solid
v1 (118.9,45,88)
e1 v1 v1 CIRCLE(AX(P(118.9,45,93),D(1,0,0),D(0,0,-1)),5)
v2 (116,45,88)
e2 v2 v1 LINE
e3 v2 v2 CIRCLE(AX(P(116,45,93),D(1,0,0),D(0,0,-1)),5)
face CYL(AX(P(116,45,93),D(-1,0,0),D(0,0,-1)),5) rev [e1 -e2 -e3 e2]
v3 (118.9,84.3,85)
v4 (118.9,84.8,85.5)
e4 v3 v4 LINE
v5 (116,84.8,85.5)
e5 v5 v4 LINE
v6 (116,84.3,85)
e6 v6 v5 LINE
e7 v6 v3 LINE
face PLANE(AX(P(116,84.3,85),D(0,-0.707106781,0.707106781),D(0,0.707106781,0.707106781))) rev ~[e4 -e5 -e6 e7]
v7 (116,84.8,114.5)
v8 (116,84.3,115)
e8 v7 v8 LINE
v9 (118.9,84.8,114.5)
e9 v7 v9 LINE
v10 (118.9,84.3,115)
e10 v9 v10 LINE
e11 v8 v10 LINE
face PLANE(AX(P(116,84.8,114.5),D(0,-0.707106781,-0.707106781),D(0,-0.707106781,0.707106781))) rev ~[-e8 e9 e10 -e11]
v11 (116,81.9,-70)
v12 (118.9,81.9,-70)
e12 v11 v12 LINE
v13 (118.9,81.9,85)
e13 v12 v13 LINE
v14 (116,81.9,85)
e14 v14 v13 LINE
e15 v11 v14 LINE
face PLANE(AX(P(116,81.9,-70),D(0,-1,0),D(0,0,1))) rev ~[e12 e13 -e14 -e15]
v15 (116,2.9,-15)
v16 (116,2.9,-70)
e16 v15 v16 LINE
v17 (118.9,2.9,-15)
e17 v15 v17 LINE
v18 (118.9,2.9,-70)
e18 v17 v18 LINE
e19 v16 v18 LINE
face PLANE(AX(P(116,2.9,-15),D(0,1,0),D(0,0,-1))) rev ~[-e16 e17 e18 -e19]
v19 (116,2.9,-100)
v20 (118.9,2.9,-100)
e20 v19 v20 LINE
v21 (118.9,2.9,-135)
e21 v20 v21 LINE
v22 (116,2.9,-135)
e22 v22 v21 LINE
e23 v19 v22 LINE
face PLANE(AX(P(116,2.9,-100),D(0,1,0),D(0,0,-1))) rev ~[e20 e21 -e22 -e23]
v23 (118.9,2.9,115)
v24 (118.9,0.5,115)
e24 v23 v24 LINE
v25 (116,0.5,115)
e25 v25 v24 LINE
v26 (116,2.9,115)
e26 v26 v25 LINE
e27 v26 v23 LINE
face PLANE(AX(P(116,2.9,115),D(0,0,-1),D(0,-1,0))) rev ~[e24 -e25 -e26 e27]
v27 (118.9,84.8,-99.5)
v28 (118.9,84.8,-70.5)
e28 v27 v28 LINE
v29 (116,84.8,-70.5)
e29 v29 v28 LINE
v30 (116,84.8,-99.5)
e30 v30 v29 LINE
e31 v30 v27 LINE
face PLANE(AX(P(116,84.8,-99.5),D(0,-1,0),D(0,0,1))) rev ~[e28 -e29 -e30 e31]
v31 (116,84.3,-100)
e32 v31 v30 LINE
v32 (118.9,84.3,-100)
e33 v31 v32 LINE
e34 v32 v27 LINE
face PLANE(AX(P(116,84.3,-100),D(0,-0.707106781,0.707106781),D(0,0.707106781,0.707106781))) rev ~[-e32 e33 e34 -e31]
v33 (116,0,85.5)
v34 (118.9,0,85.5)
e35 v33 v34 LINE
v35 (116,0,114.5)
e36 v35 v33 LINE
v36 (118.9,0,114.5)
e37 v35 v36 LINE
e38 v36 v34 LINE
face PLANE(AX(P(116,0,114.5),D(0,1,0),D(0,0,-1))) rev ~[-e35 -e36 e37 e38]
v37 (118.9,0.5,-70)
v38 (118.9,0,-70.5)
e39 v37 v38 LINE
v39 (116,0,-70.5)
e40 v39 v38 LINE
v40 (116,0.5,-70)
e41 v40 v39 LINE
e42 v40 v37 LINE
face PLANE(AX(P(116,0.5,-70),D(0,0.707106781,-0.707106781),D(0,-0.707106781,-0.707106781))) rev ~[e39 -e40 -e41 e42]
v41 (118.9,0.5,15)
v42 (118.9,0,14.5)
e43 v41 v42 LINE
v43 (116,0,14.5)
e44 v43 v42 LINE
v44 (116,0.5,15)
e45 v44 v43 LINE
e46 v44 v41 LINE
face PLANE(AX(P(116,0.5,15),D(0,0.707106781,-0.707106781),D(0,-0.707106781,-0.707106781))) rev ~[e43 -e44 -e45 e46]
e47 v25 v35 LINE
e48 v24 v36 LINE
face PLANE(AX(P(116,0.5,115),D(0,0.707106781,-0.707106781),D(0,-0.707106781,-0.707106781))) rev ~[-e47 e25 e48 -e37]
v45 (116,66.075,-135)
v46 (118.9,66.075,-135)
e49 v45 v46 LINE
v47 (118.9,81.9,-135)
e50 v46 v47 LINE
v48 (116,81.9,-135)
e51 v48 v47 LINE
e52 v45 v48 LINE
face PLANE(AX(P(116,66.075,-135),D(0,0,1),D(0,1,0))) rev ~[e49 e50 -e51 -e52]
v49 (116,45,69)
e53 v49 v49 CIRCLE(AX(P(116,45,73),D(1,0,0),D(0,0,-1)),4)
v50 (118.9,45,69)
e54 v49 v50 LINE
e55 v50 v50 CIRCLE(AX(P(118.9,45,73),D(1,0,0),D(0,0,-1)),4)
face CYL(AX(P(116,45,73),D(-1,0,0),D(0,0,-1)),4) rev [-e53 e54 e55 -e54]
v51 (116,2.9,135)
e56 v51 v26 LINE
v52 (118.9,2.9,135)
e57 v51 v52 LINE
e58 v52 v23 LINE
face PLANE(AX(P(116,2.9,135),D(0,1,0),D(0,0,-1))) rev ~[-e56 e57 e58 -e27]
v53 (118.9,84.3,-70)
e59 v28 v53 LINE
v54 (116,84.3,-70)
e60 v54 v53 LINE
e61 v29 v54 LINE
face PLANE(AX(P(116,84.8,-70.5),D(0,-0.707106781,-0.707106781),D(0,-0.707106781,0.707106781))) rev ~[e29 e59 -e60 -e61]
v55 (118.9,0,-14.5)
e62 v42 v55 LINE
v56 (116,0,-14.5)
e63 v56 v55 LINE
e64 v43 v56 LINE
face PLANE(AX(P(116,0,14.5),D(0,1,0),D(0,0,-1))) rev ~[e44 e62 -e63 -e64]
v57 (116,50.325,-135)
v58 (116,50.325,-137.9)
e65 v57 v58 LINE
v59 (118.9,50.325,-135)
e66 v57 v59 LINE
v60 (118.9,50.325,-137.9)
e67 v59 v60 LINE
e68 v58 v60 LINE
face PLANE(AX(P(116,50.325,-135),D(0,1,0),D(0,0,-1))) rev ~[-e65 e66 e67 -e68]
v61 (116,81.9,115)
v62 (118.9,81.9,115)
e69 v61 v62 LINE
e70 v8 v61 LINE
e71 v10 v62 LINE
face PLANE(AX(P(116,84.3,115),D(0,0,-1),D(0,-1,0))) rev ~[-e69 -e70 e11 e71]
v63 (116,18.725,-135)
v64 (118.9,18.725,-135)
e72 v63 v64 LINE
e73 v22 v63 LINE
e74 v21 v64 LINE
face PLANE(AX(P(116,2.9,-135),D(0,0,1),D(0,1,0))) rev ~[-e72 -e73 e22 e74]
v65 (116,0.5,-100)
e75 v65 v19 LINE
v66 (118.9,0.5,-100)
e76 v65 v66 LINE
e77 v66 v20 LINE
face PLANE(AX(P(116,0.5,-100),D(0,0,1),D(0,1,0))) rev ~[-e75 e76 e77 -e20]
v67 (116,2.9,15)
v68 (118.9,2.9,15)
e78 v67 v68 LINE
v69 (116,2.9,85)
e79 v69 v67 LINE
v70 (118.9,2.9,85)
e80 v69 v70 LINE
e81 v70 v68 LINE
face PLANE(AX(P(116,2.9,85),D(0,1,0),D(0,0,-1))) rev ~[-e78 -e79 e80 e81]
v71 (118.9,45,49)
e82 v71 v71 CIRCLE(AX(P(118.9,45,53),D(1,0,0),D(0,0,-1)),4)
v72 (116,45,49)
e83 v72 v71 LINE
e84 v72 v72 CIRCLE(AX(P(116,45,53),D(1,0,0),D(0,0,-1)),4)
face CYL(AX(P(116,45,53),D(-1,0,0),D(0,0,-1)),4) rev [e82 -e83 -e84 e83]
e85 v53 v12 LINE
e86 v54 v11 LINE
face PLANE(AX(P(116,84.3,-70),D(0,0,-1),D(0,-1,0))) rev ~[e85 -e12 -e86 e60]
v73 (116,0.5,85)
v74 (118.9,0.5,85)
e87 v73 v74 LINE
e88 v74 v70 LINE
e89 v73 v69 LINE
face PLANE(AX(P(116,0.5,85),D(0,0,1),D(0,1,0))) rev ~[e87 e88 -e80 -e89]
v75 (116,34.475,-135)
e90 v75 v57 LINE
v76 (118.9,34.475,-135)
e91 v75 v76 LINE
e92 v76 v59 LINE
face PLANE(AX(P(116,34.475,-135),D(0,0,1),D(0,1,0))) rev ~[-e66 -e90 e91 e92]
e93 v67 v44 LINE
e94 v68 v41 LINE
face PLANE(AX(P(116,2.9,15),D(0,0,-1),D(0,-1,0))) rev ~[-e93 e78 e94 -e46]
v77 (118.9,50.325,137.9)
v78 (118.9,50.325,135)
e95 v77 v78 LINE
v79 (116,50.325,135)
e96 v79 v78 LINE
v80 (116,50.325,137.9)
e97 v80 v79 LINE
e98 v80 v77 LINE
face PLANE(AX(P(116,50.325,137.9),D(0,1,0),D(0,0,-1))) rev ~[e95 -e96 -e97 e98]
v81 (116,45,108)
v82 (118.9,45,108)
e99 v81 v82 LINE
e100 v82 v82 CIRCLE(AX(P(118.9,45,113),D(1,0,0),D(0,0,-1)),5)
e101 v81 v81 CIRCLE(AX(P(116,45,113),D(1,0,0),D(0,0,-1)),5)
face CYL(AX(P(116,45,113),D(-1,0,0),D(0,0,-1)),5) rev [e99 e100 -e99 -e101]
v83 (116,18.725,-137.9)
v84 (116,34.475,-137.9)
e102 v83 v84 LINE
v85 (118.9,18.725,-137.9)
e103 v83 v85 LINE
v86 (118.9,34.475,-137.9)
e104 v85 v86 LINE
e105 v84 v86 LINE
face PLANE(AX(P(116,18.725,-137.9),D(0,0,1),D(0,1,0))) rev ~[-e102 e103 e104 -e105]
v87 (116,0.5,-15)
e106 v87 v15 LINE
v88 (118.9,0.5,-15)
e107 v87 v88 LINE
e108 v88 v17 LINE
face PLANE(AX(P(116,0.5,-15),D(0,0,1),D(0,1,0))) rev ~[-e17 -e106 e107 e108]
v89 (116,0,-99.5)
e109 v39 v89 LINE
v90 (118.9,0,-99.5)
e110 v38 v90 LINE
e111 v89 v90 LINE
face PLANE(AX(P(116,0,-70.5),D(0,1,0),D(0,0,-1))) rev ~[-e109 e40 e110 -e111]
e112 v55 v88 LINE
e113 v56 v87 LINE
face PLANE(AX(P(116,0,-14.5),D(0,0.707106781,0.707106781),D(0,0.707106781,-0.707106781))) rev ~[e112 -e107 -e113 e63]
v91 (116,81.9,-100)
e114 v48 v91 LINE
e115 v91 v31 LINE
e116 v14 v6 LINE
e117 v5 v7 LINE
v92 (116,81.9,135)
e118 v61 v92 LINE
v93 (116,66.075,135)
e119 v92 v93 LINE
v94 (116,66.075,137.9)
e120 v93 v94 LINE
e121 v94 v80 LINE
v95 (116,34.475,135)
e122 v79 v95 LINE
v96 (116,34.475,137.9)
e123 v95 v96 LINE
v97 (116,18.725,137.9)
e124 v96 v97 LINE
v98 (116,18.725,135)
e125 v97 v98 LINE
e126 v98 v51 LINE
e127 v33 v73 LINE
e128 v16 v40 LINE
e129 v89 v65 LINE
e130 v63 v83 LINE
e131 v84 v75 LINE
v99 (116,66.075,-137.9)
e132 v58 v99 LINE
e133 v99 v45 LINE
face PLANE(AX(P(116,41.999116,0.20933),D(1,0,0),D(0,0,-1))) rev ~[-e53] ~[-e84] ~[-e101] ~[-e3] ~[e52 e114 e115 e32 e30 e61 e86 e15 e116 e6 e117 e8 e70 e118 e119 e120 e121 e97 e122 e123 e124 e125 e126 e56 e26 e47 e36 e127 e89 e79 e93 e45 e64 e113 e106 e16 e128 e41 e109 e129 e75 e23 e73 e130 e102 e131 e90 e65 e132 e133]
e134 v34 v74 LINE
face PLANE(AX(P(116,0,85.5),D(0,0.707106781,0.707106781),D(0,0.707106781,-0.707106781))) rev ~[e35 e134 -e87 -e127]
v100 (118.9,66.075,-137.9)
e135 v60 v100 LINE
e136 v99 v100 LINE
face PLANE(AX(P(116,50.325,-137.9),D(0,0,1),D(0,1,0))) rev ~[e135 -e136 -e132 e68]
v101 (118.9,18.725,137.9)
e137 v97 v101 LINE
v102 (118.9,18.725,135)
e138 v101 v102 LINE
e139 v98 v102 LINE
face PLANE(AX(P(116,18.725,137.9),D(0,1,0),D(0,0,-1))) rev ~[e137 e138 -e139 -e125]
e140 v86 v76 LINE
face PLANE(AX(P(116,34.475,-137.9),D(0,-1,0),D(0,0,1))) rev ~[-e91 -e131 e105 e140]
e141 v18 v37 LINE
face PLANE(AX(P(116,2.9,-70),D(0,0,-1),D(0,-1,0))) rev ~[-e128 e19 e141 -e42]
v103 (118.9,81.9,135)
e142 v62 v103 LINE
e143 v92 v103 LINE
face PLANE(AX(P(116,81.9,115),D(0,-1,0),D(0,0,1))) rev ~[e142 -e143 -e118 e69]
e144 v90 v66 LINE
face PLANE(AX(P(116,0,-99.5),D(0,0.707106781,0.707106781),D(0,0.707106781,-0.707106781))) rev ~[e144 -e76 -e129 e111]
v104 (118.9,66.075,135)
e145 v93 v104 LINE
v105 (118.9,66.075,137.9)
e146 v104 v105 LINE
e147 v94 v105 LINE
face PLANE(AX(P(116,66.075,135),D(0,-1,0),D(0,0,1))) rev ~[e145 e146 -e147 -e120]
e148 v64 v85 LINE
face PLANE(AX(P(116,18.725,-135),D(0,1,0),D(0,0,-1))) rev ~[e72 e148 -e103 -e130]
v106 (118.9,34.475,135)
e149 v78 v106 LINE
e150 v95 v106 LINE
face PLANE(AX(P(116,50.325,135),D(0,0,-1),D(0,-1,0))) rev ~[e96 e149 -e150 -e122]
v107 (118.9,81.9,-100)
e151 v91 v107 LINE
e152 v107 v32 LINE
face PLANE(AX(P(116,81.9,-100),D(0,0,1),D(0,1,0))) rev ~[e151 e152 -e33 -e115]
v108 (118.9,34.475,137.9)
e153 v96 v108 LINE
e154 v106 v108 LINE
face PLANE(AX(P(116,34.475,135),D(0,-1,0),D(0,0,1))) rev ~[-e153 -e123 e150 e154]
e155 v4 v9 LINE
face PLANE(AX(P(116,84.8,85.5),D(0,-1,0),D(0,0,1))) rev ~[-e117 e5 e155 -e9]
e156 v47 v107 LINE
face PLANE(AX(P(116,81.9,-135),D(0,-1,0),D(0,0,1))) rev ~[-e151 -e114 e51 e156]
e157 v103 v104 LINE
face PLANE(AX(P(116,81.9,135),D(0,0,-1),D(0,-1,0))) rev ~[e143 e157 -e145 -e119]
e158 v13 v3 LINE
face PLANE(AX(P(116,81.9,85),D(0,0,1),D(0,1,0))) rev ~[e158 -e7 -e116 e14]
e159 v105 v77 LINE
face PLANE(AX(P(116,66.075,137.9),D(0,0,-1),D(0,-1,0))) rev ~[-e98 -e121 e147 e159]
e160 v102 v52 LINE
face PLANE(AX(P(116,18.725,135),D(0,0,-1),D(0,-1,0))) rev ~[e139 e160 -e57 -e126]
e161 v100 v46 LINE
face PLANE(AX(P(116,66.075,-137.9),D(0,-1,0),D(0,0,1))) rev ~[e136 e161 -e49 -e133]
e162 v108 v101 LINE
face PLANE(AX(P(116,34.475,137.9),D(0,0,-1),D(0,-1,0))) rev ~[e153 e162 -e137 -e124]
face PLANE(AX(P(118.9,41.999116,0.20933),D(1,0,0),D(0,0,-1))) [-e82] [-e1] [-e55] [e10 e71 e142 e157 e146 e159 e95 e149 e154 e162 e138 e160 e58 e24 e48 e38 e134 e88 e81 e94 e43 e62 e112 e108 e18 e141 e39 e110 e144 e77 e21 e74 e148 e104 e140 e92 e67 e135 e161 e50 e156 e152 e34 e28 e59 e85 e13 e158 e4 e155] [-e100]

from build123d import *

# Parameters (mm, degrees)
SKETCH1_R           = 5
SKETCH1_R_2         = 4
BOSS_EXTRUDE1_DEPTH = 2.9


with BuildPart() as part:
    # Sketch1 → Boss-Extrude1 (new body)
    with BuildSketch(Plane(origin=(116, 0, 0), x_dir=(0, 0, -1), z_dir=(1, 0, 0))):
        Polygon((-135, 2.9), (-115, 2.9), (-115, 0.5), (-114.5, 0), (-85.5, 0), (-85, 0.5), (-85, 2.9), (-15, 2.9), (-15, 0.5), (-14.5, 0), (14.5, 0), (15, 0.5), (15, 2.9), (70, 2.9), (70, 0.5), (70.5, 0), (99.5, 0), (100, 0.5), (100, 2.9), (135, 2.9), (135, 18.725), (137.9, 18.725), (137.9, 34.475), (135, 34.475), (135, 50.325), (137.9, 50.325), (137.9, 66.075), (135, 66.075), (135, 81.9), (100, 81.9), (100, 84.3), (99.5, 84.8), (70.5, 84.8), (70, 84.3), (70, 81.9), (-85, 81.9), (-85, 84.3), (-85.5, 84.8), (-114.5, 84.8), (-115, 84.3), (-115, 81.9), (-135, 81.9), (-135, 66.075), (-137.9, 66.075), (-137.9, 50.325), (-135, 50.325), (-135, 34.475), (-137.9, 34.475), (-137.9, 18.725), (-135, 18.725), align=None)
        with Locations((-113, 45)):
            Circle(SKETCH1_R, mode=Mode.SUBTRACT)
        with Locations((-93, 45)):
            Circle(SKETCH1_R, mode=Mode.SUBTRACT)
        with Locations((-73, 45)):
            Circle(SKETCH1_R_2, mode=Mode.SUBTRACT)
        with Locations((-53, 45)):
            Circle(SKETCH1_R_2, mode=Mode.SUBTRACT)
    extrude(amount=BOSS_EXTRUDE1_DEPTH)


solid = part.part
